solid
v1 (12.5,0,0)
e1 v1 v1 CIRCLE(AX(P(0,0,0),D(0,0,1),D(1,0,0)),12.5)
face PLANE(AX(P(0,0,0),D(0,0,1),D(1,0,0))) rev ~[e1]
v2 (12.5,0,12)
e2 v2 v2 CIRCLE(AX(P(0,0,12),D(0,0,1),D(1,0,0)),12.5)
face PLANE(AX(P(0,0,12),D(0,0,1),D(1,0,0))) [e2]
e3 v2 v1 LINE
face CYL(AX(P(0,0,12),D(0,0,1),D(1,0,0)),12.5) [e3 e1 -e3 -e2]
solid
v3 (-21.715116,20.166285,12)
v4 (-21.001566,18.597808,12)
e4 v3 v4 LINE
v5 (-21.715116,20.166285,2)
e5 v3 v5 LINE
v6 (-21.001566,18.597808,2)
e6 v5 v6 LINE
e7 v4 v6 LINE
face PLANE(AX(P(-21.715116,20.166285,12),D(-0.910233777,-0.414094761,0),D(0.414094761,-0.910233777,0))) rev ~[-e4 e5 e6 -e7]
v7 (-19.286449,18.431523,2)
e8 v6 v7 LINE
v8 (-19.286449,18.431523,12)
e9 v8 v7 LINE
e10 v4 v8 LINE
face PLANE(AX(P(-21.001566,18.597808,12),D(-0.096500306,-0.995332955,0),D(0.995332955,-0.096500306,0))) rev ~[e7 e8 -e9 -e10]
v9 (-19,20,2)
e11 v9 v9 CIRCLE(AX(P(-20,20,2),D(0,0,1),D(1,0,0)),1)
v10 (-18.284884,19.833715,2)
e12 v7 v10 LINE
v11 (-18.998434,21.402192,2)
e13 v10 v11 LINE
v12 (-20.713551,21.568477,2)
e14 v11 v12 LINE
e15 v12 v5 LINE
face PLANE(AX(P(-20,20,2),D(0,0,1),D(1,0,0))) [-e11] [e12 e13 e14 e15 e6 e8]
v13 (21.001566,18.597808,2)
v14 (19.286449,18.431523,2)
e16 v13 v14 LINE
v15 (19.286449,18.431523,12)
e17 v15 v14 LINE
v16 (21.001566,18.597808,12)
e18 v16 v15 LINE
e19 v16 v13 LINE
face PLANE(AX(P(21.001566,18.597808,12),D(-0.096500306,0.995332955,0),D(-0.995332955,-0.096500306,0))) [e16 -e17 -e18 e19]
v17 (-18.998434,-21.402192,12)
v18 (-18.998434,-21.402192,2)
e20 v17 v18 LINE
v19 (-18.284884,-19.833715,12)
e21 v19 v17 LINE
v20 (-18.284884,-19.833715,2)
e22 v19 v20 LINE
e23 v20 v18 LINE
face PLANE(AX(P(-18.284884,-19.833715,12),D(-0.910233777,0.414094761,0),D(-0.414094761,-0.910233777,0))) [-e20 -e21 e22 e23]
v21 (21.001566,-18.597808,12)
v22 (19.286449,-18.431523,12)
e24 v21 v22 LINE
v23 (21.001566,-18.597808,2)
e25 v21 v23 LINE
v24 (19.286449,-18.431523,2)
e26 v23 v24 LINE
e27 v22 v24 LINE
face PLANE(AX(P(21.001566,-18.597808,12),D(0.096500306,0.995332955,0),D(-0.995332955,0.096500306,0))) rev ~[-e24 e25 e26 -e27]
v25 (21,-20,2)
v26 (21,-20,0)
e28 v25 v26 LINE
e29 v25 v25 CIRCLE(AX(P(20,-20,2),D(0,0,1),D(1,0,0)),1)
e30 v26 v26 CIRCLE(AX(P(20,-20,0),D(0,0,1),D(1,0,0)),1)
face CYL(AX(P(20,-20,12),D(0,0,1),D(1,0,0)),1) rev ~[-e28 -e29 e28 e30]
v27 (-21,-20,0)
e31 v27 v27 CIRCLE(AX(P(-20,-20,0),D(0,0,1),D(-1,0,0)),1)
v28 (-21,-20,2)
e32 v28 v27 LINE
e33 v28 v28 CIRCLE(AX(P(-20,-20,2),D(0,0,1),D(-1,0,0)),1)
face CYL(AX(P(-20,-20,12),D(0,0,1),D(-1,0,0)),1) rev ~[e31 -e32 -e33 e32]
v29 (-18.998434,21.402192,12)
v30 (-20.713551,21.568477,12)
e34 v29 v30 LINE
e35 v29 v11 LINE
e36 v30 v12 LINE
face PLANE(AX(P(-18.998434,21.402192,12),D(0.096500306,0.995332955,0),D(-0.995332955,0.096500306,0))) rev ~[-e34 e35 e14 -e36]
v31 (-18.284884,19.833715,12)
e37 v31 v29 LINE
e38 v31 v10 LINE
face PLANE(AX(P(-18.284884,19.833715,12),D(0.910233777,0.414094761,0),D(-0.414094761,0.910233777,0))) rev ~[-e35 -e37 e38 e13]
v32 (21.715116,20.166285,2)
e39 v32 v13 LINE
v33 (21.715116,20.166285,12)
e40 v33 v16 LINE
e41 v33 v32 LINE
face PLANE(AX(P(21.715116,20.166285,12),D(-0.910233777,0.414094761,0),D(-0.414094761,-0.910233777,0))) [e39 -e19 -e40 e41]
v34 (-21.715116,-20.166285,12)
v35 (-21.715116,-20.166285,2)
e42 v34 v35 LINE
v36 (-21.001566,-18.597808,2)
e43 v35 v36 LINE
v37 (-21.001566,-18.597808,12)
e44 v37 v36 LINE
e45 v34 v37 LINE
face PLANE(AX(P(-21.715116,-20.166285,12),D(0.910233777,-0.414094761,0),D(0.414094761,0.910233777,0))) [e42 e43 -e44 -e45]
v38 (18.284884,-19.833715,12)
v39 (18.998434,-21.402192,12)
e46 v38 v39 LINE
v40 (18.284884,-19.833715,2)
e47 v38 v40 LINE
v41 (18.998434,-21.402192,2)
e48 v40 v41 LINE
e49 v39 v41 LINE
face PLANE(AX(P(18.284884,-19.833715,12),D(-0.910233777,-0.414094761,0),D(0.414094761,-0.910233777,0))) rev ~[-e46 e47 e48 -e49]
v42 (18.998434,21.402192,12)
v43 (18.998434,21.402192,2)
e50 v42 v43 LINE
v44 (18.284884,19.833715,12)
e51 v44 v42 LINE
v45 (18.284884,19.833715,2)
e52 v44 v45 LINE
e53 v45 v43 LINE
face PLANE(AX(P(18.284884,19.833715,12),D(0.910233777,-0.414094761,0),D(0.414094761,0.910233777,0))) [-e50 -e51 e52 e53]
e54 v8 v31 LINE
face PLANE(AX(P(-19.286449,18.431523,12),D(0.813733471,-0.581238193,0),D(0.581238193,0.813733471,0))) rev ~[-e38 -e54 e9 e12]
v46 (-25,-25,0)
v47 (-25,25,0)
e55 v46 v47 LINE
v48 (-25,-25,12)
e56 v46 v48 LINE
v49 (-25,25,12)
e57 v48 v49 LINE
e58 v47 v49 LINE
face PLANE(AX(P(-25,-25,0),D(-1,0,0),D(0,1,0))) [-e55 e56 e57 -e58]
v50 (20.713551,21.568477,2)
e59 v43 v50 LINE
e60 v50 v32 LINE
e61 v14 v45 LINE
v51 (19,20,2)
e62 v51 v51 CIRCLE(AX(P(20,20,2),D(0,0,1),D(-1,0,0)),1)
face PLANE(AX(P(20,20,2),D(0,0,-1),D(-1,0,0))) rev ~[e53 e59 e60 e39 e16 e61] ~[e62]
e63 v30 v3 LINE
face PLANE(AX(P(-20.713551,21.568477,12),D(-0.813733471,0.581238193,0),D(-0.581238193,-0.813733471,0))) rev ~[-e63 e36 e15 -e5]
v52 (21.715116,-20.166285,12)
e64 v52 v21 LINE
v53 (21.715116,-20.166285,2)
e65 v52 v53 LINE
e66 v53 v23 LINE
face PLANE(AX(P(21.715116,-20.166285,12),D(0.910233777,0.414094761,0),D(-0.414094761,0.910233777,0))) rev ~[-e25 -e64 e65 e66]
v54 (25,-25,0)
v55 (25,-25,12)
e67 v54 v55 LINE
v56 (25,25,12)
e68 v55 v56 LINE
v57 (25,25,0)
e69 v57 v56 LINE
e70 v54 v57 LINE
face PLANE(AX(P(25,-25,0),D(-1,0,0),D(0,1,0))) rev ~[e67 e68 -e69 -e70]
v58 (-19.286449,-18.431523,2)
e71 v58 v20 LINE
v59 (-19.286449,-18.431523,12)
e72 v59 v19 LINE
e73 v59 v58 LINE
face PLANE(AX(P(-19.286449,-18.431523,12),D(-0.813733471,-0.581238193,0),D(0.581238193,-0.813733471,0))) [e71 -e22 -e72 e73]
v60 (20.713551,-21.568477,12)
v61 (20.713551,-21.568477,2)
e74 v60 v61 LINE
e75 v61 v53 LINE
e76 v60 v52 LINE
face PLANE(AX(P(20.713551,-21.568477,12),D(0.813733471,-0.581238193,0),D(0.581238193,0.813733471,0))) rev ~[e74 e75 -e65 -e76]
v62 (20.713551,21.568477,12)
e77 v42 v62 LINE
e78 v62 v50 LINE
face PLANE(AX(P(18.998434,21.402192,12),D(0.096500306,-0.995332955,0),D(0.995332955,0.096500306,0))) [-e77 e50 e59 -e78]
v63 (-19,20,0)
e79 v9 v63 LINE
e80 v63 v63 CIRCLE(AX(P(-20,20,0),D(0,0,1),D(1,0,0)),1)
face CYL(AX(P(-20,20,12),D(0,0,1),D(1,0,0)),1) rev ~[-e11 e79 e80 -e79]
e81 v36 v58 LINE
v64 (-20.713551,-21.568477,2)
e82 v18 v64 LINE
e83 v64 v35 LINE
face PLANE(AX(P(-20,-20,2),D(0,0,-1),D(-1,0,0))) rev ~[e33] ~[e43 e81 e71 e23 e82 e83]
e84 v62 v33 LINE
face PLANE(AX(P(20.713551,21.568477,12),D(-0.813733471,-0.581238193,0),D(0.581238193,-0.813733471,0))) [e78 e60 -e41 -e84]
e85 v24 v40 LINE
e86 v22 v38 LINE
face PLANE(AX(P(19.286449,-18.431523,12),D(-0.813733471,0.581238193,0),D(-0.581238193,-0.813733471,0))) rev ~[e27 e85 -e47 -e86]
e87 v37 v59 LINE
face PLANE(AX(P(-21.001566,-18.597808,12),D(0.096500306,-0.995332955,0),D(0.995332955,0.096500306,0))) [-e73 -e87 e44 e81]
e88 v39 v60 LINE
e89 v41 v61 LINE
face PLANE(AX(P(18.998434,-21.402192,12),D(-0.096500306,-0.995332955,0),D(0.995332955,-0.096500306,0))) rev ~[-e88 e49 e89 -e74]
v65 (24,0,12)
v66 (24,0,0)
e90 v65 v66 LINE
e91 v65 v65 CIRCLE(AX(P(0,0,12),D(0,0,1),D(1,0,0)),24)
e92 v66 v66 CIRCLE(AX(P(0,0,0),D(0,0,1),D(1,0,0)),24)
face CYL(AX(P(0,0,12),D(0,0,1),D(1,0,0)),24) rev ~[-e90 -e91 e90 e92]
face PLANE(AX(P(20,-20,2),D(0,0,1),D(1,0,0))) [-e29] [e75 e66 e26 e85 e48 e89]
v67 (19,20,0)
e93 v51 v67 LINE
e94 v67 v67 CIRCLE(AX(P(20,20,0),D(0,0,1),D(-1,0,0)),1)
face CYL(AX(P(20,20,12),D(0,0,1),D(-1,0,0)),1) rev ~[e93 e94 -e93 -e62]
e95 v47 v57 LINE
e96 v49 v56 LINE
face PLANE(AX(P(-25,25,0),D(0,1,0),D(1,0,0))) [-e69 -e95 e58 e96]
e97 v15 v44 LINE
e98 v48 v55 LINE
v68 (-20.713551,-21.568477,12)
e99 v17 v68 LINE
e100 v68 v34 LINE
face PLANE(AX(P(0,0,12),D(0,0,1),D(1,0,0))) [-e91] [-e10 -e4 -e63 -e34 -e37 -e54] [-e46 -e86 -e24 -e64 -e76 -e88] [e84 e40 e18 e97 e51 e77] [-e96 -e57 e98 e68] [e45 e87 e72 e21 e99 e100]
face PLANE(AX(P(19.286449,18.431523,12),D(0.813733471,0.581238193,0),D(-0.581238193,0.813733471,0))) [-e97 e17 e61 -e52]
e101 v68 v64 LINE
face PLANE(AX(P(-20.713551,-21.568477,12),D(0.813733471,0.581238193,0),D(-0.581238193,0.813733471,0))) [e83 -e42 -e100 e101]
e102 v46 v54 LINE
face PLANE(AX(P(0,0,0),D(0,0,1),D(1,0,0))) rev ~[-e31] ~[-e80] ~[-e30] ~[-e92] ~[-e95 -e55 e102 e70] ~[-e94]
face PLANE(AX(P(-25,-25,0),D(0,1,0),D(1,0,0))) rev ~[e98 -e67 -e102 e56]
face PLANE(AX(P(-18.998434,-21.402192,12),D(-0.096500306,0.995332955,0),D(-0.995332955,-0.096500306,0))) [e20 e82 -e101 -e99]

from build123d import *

# Parameters (mm, degrees)
SKETCH_1_W          = 50
SKETCH_1_H          = 50
EXTRUDE_1_DEPTH     = 12
SKETCH_2_R          = 24
SKETCH_2_R_2        = 12.5
CUT_EXTRUDE_1_DEPTH = 38.336309405
CUT_EXTRUDE_2_DEPTH = 10
SKETCH_4_R          = 1
CUT_EXTRUDE_3_DEPTH = 38.336309405


with BuildPart() as part:
    # 草图1 → 凸台-拉伸1 (new body)
    with BuildSketch(Plane.XY):
        Rectangle(SKETCH_1_W, SKETCH_1_H)
    extrude(amount=EXTRUDE_1_DEPTH)

    # 草图2 → 切除-拉伸1 (cut, through all)
    with BuildSketch(Plane.XY.offset(12)):
        Circle(SKETCH_2_R)
        Circle(SKETCH_2_R_2, mode=Mode.SUBTRACT)
    extrude(amount=-CUT_EXTRUDE_1_DEPTH, mode=Mode.SUBTRACT)


with BuildPart() as cut_extrude_1_piece_1:
    # of the separate pieces the step leaves, piece 1, a body of its own (cut_extrude_1_pieces)
    add(part.part.solids().sort_by_distance((-25, 25, 0))[0])

    # 草图3 → 切除-拉伸2 (cut)
    with BuildSketch(Plane.XY.offset(12)):
        Polygon((-18.998434457, 21.40219176), (-20.713550914, 21.568477084), (-21.715116456, 20.166285324), (-21.001565543, 18.59780824), (-19.286449086, 18.431522916), (-18.284883544, 19.833714676), align=None)
        Polygon((-18.284883544, -19.833714676), (-18.998434457, -21.40219176), (-20.713550914, -21.568477084), (-21.715116456, -20.166285324), (-21.001565543, -18.59780824), (-19.286449086, -18.431522916), align=None)
        Polygon((18.998434457, -21.40219176), (20.713550914, -21.568477084), (21.715116456, -20.166285324), (21.001565543, -18.59780824), (19.286449086, -18.431522916), (18.284883544, -19.833714676), align=None)
        Polygon((18.284883544, 19.833714676), (18.998434457, 21.40219176), (20.713550914, 21.568477084), (21.715116456, 20.166285324), (21.001565543, 18.59780824), (19.286449086, 18.431522916), align=None)
    extrude(amount=-CUT_EXTRUDE_2_DEPTH, mode=Mode.SUBTRACT)

    # 草图4 → 切除-拉伸3 (cut, through all)
    with BuildSketch(Plane.XY.offset(12)):
        with Locations((-20, 20)):
            Circle(SKETCH_4_R)
        with Locations(Location((-20, -20, 0), (0, 0, 180))):
            Circle(SKETCH_4_R)
        with Locations((20, -20)):
            Circle(SKETCH_4_R)
        with Locations(Location((20, 20, 0), (0, 0, 180))):
            Circle(SKETCH_4_R)
    extrude(amount=-CUT_EXTRUDE_3_DEPTH, mode=Mode.SUBTRACT)


with BuildPart() as cut_extrude_1_piece_2:
    # of the separate pieces the step leaves, piece 2, a body of its own (cut_extrude_1_pieces)
    add(part.part.solids().sort_by_distance((12.5, 0, 0))[0])


solid = Compound([cut_extrude_1_piece_1.part, cut_extrude_1_piece_2.part])
